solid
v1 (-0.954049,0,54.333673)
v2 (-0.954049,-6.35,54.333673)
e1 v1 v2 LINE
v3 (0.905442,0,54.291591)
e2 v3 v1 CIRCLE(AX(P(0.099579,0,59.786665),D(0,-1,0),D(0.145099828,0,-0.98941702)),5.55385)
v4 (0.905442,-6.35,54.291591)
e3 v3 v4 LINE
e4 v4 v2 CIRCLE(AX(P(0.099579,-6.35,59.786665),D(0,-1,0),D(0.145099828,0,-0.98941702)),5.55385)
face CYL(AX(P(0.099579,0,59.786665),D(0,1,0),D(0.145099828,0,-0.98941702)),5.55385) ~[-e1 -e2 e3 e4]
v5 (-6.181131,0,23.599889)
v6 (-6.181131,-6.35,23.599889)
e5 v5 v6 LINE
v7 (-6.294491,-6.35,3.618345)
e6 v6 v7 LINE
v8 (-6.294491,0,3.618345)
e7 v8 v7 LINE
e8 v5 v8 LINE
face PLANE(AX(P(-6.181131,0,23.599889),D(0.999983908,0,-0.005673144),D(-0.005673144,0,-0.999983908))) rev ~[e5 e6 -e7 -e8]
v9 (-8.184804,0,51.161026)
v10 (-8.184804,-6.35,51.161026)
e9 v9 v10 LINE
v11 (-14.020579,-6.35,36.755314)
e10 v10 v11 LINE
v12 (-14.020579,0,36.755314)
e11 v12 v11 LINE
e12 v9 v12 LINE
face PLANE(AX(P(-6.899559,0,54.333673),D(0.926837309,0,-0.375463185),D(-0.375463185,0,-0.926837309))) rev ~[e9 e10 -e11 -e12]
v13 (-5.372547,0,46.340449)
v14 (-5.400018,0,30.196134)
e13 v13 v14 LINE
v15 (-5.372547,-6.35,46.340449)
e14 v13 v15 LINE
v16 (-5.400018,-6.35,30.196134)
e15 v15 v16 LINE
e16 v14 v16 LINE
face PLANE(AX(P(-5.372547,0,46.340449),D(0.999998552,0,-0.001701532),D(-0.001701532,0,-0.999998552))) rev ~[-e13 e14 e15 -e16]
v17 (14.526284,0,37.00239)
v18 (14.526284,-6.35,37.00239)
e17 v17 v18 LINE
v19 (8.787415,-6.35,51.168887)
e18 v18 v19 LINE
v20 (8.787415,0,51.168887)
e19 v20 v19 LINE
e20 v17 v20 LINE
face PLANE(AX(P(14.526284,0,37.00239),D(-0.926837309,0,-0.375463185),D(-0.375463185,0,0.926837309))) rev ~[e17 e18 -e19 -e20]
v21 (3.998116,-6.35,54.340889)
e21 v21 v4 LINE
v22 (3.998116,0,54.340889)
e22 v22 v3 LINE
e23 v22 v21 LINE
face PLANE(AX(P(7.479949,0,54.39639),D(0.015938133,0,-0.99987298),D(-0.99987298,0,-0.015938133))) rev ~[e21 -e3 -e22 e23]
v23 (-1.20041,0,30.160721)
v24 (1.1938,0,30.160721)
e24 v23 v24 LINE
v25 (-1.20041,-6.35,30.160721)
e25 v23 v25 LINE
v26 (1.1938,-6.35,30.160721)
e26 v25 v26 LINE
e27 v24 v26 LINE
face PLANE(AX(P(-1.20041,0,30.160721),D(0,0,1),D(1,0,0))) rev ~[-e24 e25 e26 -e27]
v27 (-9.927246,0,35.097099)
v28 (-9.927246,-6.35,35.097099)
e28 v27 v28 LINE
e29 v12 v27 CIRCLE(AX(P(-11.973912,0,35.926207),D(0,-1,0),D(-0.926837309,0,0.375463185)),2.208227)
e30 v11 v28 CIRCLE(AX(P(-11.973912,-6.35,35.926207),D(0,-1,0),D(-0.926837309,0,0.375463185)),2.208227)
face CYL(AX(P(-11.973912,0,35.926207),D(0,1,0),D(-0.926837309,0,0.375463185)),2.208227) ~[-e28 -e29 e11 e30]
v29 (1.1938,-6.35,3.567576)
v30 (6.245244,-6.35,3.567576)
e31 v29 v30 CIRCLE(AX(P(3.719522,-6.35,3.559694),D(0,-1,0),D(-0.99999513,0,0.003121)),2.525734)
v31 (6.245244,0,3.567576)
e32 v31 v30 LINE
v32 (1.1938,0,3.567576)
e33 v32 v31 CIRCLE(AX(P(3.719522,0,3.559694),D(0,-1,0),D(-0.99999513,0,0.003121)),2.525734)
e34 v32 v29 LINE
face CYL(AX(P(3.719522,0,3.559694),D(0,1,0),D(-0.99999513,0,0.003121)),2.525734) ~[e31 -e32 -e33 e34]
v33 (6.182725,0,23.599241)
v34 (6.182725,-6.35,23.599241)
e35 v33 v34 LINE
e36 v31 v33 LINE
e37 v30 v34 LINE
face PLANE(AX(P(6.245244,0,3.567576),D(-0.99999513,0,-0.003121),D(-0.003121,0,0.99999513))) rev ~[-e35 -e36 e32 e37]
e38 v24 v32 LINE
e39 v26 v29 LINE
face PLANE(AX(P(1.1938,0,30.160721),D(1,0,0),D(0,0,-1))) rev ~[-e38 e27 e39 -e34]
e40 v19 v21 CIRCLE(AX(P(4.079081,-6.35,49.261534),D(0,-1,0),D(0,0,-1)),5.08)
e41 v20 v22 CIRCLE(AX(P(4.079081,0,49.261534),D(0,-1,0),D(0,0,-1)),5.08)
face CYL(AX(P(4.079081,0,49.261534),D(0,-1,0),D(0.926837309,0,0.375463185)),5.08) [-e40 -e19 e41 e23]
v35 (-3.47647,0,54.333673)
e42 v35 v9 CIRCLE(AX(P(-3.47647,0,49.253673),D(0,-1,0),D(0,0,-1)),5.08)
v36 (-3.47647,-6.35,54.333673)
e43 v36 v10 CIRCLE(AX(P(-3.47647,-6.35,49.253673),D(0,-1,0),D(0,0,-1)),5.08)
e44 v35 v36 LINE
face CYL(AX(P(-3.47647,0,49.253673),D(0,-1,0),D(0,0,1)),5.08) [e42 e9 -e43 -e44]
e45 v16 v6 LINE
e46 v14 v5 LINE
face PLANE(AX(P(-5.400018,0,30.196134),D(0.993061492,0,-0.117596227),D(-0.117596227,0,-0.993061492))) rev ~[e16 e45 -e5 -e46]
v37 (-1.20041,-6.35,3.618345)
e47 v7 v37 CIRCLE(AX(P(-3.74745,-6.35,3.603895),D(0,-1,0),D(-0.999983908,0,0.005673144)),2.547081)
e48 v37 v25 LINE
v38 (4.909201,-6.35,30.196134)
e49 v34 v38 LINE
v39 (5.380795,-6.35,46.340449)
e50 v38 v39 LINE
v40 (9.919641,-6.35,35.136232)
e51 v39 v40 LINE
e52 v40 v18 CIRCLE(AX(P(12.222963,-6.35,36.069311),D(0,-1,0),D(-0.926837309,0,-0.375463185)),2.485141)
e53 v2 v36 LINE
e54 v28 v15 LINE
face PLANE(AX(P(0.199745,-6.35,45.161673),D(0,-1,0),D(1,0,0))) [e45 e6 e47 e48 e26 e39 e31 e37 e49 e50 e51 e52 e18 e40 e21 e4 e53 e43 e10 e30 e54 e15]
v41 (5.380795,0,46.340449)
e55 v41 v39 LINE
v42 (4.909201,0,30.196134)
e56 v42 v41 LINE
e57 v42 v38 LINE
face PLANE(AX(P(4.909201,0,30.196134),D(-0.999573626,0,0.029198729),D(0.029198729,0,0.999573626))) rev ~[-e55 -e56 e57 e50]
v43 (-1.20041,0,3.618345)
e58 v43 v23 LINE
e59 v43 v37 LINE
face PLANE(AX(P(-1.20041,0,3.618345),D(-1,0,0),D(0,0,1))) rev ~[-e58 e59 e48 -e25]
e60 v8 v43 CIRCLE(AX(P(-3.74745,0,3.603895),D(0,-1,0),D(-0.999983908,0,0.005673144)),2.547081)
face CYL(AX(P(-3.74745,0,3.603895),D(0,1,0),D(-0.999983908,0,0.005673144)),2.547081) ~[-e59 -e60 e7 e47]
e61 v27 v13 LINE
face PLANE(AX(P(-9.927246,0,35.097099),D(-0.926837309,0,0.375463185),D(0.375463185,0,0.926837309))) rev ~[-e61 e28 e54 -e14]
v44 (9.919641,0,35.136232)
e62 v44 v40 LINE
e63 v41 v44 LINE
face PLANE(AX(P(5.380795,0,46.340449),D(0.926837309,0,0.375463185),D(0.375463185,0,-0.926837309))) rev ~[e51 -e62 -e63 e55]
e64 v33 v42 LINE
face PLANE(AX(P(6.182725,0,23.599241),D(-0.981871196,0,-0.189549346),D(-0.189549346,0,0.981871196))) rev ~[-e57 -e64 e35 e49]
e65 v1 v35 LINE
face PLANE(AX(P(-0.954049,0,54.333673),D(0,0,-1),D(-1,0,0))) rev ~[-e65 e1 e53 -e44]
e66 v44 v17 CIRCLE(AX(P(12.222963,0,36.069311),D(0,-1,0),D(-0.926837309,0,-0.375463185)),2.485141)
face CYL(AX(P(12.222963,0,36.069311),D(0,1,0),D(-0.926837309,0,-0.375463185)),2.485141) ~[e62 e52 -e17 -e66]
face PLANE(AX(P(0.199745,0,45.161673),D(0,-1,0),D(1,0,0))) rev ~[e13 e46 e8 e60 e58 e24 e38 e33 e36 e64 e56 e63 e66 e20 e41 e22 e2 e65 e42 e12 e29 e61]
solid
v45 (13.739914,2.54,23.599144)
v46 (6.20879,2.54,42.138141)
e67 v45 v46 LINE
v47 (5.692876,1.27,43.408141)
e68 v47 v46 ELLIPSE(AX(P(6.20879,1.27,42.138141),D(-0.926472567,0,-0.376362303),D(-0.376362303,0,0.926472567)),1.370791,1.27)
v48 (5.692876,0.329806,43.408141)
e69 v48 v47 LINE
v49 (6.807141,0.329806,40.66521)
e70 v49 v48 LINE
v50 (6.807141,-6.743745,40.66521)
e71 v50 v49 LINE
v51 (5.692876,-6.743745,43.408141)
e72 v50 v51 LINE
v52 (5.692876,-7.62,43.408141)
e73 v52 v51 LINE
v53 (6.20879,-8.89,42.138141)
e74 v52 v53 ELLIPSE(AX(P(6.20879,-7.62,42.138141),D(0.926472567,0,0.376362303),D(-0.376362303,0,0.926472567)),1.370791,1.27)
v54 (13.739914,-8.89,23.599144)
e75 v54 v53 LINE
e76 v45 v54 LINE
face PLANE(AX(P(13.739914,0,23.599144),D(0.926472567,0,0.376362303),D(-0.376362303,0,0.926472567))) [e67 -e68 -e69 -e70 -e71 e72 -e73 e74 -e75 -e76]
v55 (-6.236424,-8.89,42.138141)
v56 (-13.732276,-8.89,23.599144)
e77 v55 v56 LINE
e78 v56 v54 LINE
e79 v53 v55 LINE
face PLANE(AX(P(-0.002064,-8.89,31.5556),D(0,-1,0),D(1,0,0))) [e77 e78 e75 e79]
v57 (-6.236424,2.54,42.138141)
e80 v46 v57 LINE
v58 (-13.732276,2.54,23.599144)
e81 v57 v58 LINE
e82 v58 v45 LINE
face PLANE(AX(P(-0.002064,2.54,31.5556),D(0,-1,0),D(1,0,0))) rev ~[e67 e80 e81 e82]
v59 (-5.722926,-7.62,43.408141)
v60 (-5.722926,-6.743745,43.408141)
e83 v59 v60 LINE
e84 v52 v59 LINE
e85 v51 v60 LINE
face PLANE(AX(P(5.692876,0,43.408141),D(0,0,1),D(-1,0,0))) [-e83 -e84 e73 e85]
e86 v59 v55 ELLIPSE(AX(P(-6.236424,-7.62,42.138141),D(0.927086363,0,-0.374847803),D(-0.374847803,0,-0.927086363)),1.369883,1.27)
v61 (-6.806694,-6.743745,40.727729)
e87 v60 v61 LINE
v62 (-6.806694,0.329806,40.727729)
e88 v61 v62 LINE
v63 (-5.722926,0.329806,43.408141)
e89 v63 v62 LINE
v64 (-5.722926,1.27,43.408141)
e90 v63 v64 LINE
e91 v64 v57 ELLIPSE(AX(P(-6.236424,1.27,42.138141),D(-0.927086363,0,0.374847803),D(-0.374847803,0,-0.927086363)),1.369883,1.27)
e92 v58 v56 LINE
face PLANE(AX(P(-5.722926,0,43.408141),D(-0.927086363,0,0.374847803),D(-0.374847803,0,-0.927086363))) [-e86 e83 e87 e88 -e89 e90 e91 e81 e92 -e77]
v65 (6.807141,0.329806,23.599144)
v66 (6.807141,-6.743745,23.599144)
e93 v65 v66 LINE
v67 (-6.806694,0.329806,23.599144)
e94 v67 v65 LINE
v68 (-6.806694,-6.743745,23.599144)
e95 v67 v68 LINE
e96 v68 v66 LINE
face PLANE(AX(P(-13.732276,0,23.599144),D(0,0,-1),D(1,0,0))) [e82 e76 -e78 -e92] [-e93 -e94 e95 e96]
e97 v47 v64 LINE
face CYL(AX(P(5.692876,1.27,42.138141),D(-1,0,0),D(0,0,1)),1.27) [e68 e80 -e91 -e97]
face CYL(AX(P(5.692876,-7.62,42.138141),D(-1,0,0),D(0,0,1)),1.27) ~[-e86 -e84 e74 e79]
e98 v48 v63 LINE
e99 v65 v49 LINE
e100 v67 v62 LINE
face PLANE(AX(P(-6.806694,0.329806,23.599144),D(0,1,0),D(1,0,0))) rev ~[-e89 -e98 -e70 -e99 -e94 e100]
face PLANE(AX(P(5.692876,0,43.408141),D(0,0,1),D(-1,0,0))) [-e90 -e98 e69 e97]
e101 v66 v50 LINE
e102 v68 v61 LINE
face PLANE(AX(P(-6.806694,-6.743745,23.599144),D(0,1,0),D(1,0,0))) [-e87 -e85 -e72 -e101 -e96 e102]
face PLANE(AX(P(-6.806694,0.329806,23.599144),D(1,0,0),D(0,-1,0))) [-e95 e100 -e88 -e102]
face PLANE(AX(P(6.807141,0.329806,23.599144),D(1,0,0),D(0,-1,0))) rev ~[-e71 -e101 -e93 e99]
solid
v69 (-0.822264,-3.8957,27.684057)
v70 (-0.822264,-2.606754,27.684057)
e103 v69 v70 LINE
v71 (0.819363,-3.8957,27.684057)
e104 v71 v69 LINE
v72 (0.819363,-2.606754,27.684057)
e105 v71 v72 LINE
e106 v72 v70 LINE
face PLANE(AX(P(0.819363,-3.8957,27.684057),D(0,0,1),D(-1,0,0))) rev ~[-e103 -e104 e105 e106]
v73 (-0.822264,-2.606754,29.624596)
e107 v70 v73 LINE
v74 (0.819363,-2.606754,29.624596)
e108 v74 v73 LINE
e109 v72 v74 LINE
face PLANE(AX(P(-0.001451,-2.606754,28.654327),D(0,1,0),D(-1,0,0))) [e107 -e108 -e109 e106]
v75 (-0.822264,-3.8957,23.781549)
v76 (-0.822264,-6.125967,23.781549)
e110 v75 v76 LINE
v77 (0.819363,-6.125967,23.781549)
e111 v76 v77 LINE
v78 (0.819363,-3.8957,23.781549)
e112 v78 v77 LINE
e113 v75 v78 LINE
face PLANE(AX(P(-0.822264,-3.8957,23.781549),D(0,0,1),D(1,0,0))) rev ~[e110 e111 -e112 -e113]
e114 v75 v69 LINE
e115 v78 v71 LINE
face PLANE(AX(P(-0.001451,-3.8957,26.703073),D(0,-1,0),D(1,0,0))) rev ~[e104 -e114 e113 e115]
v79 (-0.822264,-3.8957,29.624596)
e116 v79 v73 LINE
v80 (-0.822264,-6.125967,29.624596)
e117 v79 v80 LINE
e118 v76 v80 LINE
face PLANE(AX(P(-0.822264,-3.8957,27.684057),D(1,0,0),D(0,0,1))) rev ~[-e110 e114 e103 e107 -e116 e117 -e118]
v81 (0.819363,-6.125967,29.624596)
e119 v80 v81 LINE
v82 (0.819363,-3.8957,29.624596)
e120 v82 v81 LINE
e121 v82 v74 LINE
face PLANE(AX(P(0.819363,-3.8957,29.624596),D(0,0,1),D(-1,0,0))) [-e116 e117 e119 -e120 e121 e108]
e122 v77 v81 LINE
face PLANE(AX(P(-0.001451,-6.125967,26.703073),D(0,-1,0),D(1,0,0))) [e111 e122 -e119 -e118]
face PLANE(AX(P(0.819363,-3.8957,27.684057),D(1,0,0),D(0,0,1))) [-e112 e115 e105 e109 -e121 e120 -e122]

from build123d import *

# Parameters (mm, degrees)
F2_DEPTH      = 6.35
F3_R          = 5.08
F5_DEPTH      = 8.89
F5_DEPTH_BACK = 2.54
F6_R          = 1.27
F7_W          = 13.6138349771
F7_H          = 7.0735514164
F8_DEPTH      = 19.9383124709
F10_W         = 1.6416277504
F10_H         = 5.8430470526
F11_DEPTH     = 2.2302670404
F12_W         = 1.6416277504
F12_H         = 1.9405391067
F13_DEPTH     = 1.2889460195


with BuildPart() as f2:
    # F1 (on Front) → F2 (new body)
    with BuildSketch(Plane.XZ):
        Polygon((0.4060455618, 46.3404494075), (5.3807954976, 46.3404494075), (9.9196409114, 35.1362316918), (14.5262840924, 37.0023897589), (7.4799486011, 54.3963897181), (0.9054420516, 54.2915910446), (0.9054420516, 55.7651892304), (-0.9540487081, 55.7651892304), (-0.9540487081, 54.3336731377), (-6.8995594781, 54.3336731377), (-14.0205790261, 36.7553143044), (-9.9272456086, 35.097098793), (-5.3725473987, 46.3404494075), align=None)
        Polygon((4.9092009358, 30.1961339726), (5.3807954976, 46.3404494075), (0.4060455618, 46.3404494075), (-5.3725473987, 46.3404494075), (-5.4000175056, 30.1961339726), align=None)
        with BuildLine():
            Line((14.5262840924, 37.0023897589), (9.9196409114, 35.1362316918))
            ThreePointArc((9.9196409114, 35.1362316918), (13.1560415355, 33.7659891348), (14.5262840924, 37.0023897589))
        make_face()
        Polygon((6.1827251721, 23.5992409005), (4.9092009358, 30.1961339726), (-5.4000175056, 30.1961339726), (-6.1811307742, 23.599889101), (-1.2004101882, 23.599889101), (-1.2004101882, 30.1607213914), (1.1938, 30.1607213914), (1.1938, 23.5538743436), align=None)
        Polygon((6.2452442944, 3.5675764084), (6.1827251721, 23.5992409005), (1.1938, 23.5538743436), (1.1938, 3.5675764084), align=None)
        with BuildLine():
            ThreePointArc((-14.0205790261, 36.7553143044), (-12.8030200731, 33.8795398399), (-9.9272456086, 35.097098793))
            Line((-9.9272456086, 35.097098793), (-14.0205790261, 36.7553143044))
        make_face()
        with BuildLine():
            ThreePointArc((1.1938, 3.5675764084), (3.7195221472, 1.0339591437), (6.2452442944, 3.5675764084))
            Line((6.2452442944, 3.5675764084), (1.1938, 3.5675764084))
        make_face()
        Polygon((-1.2004101882, 23.599889101), (-6.1811307742, 23.599889101), (-6.2944907695, 3.6183446646), (-1.2004101882, 3.6183446646), align=None)
        with BuildLine():
            Line((0.9054420516, 55.7651892304), (0.9054420516, 54.2915910446))
            ThreePointArc((0.9054420516, 54.2915910446), (0.2252362577, 65.3390929884), (-0.9540487081, 54.3336731377))
            Line((-0.9540487081, 54.3336731377), (-0.9540487081, 55.7651892304))
            Line((-0.9540487081, 55.7651892304), (0.9054420516, 55.7651892304))
        make_face()
        with BuildLine():
            Line((-1.2004101882, 3.6183446646), (-6.2944907695, 3.6183446646))
            ThreePointArc((-6.2944907695, 3.6183446646), (-3.7474504788, 1.0568134274), (-1.2004101882, 3.6183446646))
        make_face()
    extrude(amount=F2_DEPTH)

    # F3
    f3_edges = [f2.edges().sort_by_distance(p)[0] for p in [
        (-6.899559, -3.175, 54.333673),
        (7.479949, -3.175, 54.39639),
    ]]
    fillet(f3_edges, radius=F3_R)


with BuildPart() as f5:
    # F4 (on Front) → F5 (new body, two sides)
    with BuildSketch(Plane.XZ) as f5_sk:
        Polygon((-5.7229259983, 43.4081405401), (-13.7322756209, 23.5991440713), (13.739913702, 23.5991440713), (5.692876161, 43.4081405401), align=None)
    extrude(amount=F5_DEPTH)
    extrude(f5_sk.sketch, amount=-F5_DEPTH_BACK)

    # F6
    f6_edges = [f5.edges().sort_by_distance(p)[0] for p in [
        (-0.015025, 2.54, 43.408141),
        (-0.015025, -8.89, 43.408141),
    ]]
    fillet(f6_edges, radius=F6_R)

    # F7 (on face) → F8 (cut)
    with BuildSketch(Plane(origin=(0, 0, 23.5991440713), x_dir=(1, 0, 0), z_dir=(0, 0, -1))):
        with Locations((0.0002235174, 3.2069692388)):
            Rectangle(F7_W, F7_H)
    extrude(amount=-F8_DEPTH, mode=Mode.SUBTRACT)


with BuildPart() as f11:
    # F10 (on offset) → F11 (new body)
    with BuildSketch(Plane.XZ.offset(3.8956999779)):
        with Locations((-0.0014505931, 26.7030727118)):
            Rectangle(F10_W, F10_H)
    extrude(amount=F11_DEPTH)

    # F12 (on face) → F13 (join)
    with BuildSketch(Plane(origin=(0, -3.8956999779, 0), x_dir=(-1, 0, 0), z_dir=(0, 1, 0))):
        with Locations((0.0014505931, 28.6543266848)):
            Rectangle(F12_W, F12_H)
    extrude(amount=F13_DEPTH)


solid = Compound([f2.part, f5.part, f11.part])
